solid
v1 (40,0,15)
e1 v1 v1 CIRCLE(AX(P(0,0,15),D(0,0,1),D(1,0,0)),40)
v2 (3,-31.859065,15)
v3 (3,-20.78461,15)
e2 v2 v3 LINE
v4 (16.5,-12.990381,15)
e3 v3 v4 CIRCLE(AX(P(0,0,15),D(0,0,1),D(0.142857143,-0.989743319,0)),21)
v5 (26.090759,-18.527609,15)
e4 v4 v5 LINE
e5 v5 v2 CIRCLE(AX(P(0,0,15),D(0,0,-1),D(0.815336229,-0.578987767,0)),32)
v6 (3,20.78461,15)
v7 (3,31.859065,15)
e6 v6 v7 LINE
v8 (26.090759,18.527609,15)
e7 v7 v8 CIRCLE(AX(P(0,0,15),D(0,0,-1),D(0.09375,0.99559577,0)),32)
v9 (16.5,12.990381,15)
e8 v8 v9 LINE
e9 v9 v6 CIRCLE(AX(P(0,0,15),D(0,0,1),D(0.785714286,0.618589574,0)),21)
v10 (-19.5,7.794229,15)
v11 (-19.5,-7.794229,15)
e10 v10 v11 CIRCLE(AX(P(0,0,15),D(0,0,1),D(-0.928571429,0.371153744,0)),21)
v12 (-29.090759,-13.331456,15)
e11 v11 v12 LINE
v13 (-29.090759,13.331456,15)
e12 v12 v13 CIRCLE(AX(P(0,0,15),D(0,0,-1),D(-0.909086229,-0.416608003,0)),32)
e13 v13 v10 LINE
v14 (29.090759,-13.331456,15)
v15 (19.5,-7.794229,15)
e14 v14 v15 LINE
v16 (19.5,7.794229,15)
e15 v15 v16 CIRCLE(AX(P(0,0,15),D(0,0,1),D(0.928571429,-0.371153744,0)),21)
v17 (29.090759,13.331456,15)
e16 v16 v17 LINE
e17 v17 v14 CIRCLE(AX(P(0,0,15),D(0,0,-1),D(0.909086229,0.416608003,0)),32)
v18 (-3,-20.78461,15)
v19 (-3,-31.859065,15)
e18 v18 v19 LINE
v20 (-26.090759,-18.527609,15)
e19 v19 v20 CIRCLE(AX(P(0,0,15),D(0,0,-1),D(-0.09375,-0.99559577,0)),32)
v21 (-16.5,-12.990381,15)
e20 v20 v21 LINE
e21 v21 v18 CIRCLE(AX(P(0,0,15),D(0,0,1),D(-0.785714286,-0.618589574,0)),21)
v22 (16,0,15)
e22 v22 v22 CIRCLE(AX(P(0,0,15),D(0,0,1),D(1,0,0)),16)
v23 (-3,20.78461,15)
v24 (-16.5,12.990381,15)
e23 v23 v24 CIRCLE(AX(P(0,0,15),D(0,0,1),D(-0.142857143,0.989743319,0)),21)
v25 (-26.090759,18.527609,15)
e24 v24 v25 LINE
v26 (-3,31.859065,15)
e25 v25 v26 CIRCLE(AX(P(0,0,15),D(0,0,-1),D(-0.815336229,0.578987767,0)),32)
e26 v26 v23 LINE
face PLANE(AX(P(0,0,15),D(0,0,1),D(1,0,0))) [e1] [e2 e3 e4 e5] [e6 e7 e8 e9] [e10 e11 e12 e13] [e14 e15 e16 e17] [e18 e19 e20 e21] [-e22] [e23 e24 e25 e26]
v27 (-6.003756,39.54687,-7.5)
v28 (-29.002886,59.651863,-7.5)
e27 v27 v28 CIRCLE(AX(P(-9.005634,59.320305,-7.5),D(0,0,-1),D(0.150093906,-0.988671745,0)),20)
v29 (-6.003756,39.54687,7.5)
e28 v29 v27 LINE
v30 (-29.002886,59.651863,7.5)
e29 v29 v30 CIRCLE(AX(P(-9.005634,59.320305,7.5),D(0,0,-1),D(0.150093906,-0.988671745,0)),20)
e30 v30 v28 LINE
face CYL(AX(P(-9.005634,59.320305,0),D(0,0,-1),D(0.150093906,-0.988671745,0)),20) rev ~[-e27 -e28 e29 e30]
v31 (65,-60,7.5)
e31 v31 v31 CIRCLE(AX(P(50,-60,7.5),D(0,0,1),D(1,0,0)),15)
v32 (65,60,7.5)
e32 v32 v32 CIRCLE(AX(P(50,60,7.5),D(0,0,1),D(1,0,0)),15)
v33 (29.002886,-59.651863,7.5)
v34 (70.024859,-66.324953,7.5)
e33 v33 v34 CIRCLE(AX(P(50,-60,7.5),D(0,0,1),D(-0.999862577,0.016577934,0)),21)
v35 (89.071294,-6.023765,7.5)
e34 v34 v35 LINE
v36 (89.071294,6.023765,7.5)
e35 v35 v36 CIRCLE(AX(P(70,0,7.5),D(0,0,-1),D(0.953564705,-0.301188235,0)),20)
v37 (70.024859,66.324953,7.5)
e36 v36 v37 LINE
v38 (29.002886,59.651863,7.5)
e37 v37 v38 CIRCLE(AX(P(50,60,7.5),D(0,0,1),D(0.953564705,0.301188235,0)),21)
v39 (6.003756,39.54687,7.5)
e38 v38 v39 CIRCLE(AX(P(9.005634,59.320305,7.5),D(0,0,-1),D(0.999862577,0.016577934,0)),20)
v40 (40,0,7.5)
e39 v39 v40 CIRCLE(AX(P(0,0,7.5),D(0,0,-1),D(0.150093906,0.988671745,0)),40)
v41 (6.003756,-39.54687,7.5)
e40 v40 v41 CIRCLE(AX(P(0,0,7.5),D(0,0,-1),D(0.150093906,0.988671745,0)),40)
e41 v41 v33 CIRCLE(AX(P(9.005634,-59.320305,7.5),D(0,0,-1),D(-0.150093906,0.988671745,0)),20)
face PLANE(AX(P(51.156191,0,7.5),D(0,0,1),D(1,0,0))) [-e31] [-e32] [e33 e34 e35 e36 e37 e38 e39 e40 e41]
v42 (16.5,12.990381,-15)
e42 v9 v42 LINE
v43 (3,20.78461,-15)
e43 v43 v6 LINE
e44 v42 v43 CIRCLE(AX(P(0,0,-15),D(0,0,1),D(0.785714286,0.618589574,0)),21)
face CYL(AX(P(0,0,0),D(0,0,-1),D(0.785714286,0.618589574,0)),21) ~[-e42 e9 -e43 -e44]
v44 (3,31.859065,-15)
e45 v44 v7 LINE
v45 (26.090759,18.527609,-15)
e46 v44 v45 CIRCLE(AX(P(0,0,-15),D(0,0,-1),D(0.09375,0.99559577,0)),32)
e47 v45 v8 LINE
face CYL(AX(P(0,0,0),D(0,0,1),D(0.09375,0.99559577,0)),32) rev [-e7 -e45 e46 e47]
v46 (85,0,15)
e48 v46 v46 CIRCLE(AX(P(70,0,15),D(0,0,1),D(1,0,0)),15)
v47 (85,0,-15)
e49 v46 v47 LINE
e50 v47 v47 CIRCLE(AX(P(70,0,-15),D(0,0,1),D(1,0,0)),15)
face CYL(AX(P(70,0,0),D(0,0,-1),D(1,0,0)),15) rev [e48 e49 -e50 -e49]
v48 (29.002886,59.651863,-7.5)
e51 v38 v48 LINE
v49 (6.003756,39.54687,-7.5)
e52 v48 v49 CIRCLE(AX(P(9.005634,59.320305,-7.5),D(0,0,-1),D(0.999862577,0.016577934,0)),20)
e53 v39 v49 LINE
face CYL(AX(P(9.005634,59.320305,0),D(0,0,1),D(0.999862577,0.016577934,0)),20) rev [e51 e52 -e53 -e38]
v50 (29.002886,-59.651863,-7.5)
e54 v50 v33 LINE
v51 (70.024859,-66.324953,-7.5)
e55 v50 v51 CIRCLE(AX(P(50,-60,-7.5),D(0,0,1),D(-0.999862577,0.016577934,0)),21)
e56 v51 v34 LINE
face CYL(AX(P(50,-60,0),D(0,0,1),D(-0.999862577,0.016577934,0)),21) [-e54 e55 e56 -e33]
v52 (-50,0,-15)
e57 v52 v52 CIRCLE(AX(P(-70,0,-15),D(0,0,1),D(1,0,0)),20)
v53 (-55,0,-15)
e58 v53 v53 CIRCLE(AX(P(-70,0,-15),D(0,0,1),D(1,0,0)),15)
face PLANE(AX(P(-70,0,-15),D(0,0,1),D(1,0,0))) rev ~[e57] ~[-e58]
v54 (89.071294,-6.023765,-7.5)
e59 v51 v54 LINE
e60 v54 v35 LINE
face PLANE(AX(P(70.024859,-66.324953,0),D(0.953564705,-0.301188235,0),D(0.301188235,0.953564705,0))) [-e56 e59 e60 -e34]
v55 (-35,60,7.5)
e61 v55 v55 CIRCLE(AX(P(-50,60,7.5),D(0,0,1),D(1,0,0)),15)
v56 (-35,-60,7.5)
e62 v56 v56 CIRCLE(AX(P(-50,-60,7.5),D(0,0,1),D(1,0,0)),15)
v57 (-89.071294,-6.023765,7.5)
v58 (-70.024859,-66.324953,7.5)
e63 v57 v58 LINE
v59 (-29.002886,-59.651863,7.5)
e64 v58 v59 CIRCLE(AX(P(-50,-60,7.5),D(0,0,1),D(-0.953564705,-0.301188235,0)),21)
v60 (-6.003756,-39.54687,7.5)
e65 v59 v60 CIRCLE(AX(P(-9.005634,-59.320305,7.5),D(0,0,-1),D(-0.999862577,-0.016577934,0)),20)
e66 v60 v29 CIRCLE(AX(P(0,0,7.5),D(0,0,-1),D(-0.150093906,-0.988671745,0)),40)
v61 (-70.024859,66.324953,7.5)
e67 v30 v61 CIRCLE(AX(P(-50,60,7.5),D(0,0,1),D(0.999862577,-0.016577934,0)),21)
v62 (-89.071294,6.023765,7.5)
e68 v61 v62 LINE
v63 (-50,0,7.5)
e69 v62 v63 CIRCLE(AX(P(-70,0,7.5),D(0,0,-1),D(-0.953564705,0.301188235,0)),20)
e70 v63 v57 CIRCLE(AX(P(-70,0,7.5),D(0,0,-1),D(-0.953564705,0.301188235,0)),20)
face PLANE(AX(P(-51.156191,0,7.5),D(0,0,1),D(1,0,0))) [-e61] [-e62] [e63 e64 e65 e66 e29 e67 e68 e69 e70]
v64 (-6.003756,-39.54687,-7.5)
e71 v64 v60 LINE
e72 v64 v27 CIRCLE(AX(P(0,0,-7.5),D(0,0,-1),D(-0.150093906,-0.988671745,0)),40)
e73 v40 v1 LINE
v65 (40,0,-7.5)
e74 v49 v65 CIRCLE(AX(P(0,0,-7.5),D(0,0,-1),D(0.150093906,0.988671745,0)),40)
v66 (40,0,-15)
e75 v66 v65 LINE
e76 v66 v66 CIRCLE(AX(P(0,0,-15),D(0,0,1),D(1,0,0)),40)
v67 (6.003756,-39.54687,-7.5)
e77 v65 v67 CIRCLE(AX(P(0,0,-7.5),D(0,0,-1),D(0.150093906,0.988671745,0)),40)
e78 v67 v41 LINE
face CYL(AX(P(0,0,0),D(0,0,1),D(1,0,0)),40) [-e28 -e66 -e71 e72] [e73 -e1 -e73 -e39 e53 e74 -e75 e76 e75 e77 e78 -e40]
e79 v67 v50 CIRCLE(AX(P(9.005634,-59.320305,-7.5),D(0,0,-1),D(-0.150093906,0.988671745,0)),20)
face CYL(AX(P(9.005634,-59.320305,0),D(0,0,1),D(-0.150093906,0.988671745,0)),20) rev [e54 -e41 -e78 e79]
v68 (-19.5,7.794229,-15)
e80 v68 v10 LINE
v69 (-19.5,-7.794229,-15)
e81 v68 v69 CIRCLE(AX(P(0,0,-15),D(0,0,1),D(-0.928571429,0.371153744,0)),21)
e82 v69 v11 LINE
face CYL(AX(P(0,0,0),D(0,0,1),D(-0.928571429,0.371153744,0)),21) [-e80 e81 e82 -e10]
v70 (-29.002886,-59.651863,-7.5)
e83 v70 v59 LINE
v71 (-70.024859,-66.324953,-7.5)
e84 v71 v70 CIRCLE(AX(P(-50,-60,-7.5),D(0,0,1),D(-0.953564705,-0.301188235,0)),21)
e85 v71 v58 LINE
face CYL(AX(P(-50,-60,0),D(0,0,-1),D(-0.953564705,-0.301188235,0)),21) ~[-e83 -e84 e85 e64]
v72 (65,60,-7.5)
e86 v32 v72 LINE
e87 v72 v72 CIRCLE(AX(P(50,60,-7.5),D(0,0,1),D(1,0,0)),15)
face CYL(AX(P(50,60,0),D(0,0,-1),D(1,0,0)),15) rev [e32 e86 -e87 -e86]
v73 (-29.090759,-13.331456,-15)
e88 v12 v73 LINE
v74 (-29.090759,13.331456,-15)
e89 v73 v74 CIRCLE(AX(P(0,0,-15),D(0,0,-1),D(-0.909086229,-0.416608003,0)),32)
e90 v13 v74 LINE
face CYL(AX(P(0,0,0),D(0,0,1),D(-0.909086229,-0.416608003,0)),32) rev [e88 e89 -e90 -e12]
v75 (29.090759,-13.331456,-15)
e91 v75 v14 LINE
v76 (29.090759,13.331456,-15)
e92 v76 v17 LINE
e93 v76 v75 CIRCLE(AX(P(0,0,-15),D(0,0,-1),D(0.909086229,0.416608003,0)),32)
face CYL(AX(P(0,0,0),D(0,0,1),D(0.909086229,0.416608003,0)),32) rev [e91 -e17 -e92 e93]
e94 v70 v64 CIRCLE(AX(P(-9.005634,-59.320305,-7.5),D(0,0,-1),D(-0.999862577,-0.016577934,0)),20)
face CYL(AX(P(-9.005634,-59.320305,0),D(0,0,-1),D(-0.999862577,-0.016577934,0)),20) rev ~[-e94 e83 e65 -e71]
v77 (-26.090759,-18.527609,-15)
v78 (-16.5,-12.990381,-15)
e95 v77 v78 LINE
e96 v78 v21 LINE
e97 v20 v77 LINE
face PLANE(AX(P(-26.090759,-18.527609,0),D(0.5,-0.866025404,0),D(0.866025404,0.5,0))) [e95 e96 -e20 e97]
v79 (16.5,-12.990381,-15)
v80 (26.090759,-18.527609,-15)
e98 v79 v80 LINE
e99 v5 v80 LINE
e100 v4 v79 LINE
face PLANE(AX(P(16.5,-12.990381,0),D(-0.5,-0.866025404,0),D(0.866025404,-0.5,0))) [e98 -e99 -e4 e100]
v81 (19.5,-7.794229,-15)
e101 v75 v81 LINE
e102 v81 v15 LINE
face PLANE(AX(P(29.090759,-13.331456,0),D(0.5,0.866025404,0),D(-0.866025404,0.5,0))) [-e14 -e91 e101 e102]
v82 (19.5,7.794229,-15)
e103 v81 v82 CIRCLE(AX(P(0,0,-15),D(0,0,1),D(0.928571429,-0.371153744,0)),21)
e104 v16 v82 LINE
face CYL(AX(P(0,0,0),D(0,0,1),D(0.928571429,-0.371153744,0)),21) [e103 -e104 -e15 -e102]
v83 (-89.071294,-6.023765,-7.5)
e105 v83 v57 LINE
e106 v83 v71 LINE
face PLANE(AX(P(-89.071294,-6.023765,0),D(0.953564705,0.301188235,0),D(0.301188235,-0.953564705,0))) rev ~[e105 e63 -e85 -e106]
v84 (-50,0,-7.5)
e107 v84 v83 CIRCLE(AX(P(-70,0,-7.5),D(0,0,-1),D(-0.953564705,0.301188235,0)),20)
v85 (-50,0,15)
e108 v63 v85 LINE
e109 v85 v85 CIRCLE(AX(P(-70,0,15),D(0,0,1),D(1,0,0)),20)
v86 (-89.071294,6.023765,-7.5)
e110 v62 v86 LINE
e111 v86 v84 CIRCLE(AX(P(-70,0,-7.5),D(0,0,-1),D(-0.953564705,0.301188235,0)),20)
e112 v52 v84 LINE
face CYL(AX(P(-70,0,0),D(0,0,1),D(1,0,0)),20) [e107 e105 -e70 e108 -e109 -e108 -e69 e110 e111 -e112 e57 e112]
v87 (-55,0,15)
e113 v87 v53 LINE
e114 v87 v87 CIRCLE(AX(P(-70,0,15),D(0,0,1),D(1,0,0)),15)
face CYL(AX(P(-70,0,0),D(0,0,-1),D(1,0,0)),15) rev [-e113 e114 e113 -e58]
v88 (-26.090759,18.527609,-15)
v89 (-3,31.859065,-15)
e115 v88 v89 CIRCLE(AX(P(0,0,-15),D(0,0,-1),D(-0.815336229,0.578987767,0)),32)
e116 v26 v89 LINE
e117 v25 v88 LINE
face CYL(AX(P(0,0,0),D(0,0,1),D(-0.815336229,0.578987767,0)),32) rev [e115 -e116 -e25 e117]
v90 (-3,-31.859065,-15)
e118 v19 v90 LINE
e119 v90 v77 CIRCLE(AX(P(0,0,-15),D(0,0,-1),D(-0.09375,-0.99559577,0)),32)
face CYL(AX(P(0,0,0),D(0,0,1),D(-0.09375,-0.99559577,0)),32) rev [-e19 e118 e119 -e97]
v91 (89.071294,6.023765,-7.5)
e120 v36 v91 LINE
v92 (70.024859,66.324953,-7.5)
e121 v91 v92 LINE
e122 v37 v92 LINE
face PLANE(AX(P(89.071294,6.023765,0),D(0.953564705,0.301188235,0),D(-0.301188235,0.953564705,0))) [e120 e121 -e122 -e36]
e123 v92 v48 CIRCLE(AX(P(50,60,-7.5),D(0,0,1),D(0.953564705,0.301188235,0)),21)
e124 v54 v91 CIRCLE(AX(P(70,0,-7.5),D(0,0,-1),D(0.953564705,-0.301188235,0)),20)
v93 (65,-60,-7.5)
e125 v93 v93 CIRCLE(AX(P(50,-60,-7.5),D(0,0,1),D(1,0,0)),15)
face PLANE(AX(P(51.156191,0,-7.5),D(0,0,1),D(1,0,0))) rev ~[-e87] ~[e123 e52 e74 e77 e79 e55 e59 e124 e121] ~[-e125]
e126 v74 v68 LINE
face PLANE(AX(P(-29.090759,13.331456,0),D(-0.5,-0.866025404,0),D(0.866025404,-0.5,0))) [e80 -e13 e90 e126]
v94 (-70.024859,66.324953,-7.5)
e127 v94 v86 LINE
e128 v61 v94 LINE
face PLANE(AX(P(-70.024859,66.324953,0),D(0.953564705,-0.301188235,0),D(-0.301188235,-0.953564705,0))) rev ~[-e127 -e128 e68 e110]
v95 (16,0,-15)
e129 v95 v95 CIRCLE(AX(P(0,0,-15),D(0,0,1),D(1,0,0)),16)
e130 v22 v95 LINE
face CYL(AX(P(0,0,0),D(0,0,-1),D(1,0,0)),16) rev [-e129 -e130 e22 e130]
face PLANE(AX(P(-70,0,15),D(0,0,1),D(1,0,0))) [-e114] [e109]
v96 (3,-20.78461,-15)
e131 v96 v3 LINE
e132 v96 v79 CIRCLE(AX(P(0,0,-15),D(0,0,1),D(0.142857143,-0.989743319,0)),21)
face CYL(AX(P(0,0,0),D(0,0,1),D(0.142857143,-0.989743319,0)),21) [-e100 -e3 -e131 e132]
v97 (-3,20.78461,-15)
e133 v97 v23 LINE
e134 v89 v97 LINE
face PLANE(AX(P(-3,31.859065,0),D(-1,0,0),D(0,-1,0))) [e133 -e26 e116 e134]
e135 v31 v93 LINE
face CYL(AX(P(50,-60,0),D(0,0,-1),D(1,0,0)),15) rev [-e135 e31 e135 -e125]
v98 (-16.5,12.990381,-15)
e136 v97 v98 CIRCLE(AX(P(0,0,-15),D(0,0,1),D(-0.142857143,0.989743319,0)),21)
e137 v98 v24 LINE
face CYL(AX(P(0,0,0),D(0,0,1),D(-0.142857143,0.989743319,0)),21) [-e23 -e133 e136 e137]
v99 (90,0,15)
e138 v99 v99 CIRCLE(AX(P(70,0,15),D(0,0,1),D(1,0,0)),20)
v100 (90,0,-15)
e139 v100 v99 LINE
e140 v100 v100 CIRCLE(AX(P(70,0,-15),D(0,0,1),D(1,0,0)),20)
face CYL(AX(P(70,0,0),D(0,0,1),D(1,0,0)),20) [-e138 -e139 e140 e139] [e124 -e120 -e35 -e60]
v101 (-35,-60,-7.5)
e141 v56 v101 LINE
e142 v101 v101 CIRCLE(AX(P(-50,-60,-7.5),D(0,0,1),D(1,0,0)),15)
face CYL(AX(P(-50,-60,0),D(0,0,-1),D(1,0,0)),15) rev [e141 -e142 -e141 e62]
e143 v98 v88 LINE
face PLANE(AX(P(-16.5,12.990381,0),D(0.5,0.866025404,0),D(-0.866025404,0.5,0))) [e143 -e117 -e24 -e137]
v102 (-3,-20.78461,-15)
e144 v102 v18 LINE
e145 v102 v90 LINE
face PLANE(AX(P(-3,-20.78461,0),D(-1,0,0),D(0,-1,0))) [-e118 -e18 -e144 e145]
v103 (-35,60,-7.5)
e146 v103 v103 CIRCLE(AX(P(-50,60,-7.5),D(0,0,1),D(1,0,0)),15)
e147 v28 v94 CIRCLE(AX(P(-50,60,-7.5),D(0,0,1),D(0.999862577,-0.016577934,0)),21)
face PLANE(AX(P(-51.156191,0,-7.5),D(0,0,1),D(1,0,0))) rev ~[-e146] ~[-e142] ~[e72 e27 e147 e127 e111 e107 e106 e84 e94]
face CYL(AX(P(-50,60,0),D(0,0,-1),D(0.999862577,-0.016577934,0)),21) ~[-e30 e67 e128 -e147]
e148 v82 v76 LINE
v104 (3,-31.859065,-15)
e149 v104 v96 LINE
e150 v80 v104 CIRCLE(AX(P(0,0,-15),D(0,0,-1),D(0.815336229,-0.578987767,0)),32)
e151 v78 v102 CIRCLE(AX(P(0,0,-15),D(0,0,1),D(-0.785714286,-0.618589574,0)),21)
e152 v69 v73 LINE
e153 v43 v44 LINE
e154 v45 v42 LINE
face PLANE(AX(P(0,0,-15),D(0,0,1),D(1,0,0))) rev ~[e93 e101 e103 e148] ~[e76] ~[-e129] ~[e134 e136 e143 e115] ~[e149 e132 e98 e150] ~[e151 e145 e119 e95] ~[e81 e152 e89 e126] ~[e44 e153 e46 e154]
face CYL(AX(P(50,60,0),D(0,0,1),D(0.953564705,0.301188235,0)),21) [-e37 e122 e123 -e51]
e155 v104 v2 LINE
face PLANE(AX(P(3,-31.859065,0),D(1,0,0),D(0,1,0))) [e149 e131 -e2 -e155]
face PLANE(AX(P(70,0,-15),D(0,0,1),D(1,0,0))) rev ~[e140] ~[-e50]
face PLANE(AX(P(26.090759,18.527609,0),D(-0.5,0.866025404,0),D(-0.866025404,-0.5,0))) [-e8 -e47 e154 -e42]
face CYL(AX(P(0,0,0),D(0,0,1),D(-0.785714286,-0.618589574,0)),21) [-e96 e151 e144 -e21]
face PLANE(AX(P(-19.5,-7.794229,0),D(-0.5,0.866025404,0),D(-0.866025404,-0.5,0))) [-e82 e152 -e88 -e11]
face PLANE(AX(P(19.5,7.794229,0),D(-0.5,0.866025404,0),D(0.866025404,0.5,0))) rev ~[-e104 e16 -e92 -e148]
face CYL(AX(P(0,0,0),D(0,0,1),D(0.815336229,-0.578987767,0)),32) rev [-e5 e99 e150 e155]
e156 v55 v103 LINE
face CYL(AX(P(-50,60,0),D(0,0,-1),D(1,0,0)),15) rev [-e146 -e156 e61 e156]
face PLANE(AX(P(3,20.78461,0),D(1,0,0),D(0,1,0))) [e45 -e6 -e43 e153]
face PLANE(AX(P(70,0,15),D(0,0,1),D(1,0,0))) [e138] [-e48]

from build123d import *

# Parameters (mm, degrees)
SKETCH1_R             = 20
SKETCH1_R_2           = 15
BOSS_EXTRUDE1_DEPTH   = 15
SKETCH1_R_3           = 40
SKETCH1_R_4           = 16
BOSS_EXTRUDE1_2_DEPTH = 15
BOSS_EXTRUDE1_3_DEPTH = 15
SKETCH1_3_R           = 15
BOSS_EXTRUDE2_DEPTH   = 7.5


with BuildPart() as part:
    # Sketch1 → Boss-Extrude1 (new, symmetric)
    with BuildSketch(Plane.XY):
        with Locations((-70, 0)):
            Circle(SKETCH1_R)
        with Locations((-70, 0)):
            Circle(SKETCH1_R_2, mode=Mode.SUBTRACT)
    extrude(amount=BOSS_EXTRUDE1_DEPTH, both=True)



with BuildPart() as body_2:
    # Sketch1 → Boss-Extrude1 2 (new, symmetric)
    with BuildSketch(Plane.XY):
        Circle(SKETCH1_R_3)
        with BuildLine():
            ThreePointArc((-16.5, -12.990381057), (-10.5, -18.186533479), (-3, -20.784609691))
            Line((-3, -20.784609691), (-3, -31.859064644))
            ThreePointArc((-3, -31.859064644), (-16, -27.712812921), (-26.090759323, -18.527608533))
            Line((-26.090759323, -18.527608533), (-16.5, -12.990381057))
        make_face(mode=Mode.SUBTRACT)
        with BuildLine():
            Line((3, -31.859064644), (3, -20.784609691))
            ThreePointArc((3, -20.784609691), (10.5, -18.186533479), (16.5, -12.990381057))
            Line((16.5, -12.990381057), (26.090759323, -18.527608533))
            ThreePointArc((26.090759323, -18.527608533), (16, -27.712812921), (3, -31.859064644))
        make_face(mode=Mode.SUBTRACT)
        with BuildLine():
            ThreePointArc((19.5, -7.794228634), (21, 0), (19.5, 7.794228634))
            Line((19.5, 7.794228634), (29.090759323, 13.331456111))
            ThreePointArc((29.090759323, 13.331456111), (32, 0), (29.090759323, -13.331456111))
            Line((29.090759323, -13.331456111), (19.5, -7.794228634))
        make_face(mode=Mode.SUBTRACT)
        with BuildLine():
            ThreePointArc((-19.5, 7.794228634), (-21, 0), (-19.5, -7.794228634))
            Line((-19.5, -7.794228634), (-29.090759323, -13.331456111))
            ThreePointArc((-29.090759323, -13.331456111), (-32, 0), (-29.090759323, 13.331456111))
            Line((-29.090759323, 13.331456111), (-19.5, 7.794228634))
        make_face(mode=Mode.SUBTRACT)
        with BuildLine():
            ThreePointArc((-3, 20.784609691), (-10.5, 18.186533479), (-16.5, 12.990381057))
            Line((-16.5, 12.990381057), (-26.090759323, 18.527608533))
            ThreePointArc((-26.090759323, 18.527608533), (-16, 27.712812921), (-3, 31.859064644))
            Line((-3, 31.859064644), (-3, 20.784609691))
        make_face(mode=Mode.SUBTRACT)
        Circle(SKETCH1_R_4, mode=Mode.SUBTRACT)
        with BuildLine():
            ThreePointArc((16.5, 12.990381057), (10.5, 18.186533479), (3, 20.784609691))
            Line((3, 20.784609691), (3, 31.859064644))
            ThreePointArc((3, 31.859064644), (16, 27.712812921), (26.090759323, 18.527608533))
            Line((26.090759323, 18.527608533), (16.5, 12.990381057))
        make_face(mode=Mode.SUBTRACT)
    extrude(amount=BOSS_EXTRUDE1_2_DEPTH, both=True)


with BuildPart() as body_3:
    # Sketch1 → Boss-Extrude1 3 (new, symmetric)
    with BuildSketch(Plane.XY):
        with Locations((70, 0)):
            Circle(SKETCH1_R)
        with Locations((70, 0)):
            Circle(SKETCH1_R_2, mode=Mode.SUBTRACT)
    extrude(amount=BOSS_EXTRUDE1_3_DEPTH, both=True)


with BuildPart() as part_1:
    add(part.part)

    add(body_2.part)  # Boss-Extrude2 merges body 2

    add(body_3.part)  # Boss-Extrude2 merges body 3
    # Sketch1<3> → Boss-Extrude2 (add, symmetric)
    # profile 1 of 2: a face of its own
    with BuildSketch(Plane.XY):
        with BuildLine():
            ThreePointArc((-89.071294105, 6.023764702), (-50, 0), (-89.071294105, -6.023764702))
            Line((-89.071294105, -6.023764702), (-70.02485881, -66.324952937))
            ThreePointArc((-70.02485881, -66.324952937), (-46.6282273, -80.727545655), (-29.002885891, -59.651863383))
            ThreePointArc((-29.002885891, -59.651863383), (-22.168588856, -44.262528341), (-6.003756239, -39.546869801))
            ThreePointArc((-6.003756239, -39.546869801), (-40, 0), (-6.003756239, 39.546869801))
            ThreePointArc((-6.003756239, 39.546869801), (-22.168588856, 44.262528341), (-29.002885891, 59.651863383))
            ThreePointArc((-29.002885891, 59.651863383), (-46.6282273, 80.727545655), (-70.02485881, 66.324952937))
            Line((-70.02485881, 66.324952937), (-89.071294105, 6.023764702))
        make_face()
        with Locations((-50, -60)):
            Circle(SKETCH1_3_R, mode=Mode.SUBTRACT)
        with Locations((-50, 60)):
            Circle(SKETCH1_3_R, mode=Mode.SUBTRACT)
    # profile 2 of 2: a face of its own
    with BuildSketch(Plane.XY):
        with BuildLine():
            ThreePointArc((6.003756239, 39.546869801), (40, 0), (6.003756239, -39.546869801))
            ThreePointArc((6.003756239, -39.546869801), (22.168588856, -44.262528341), (29.002885891, -59.651863383))
            ThreePointArc((29.002885891, -59.651863383), (46.6282273, -80.727545655), (70.02485881, -66.324952937))
            Line((70.02485881, -66.324952937), (89.071294105, -6.023764702))
            ThreePointArc((89.071294105, -6.023764702), (50, 0), (89.071294105, 6.023764702))
            Line((89.071294105, 6.023764702), (70.02485881, 66.324952937))
            ThreePointArc((70.02485881, 66.324952937), (46.6282273, 80.727545655), (29.002885891, 59.651863383))
            ThreePointArc((29.002885891, 59.651863383), (22.168588856, 44.262528341), (6.003756239, 39.546869801))
        make_face()
        with Locations((50, -60)):
            Circle(SKETCH1_3_R, mode=Mode.SUBTRACT)
        with Locations((50, 60)):
            Circle(SKETCH1_3_R, mode=Mode.SUBTRACT)
    extrude(amount=BOSS_EXTRUDE2_DEPTH, both=True)


solid = part_1.part
